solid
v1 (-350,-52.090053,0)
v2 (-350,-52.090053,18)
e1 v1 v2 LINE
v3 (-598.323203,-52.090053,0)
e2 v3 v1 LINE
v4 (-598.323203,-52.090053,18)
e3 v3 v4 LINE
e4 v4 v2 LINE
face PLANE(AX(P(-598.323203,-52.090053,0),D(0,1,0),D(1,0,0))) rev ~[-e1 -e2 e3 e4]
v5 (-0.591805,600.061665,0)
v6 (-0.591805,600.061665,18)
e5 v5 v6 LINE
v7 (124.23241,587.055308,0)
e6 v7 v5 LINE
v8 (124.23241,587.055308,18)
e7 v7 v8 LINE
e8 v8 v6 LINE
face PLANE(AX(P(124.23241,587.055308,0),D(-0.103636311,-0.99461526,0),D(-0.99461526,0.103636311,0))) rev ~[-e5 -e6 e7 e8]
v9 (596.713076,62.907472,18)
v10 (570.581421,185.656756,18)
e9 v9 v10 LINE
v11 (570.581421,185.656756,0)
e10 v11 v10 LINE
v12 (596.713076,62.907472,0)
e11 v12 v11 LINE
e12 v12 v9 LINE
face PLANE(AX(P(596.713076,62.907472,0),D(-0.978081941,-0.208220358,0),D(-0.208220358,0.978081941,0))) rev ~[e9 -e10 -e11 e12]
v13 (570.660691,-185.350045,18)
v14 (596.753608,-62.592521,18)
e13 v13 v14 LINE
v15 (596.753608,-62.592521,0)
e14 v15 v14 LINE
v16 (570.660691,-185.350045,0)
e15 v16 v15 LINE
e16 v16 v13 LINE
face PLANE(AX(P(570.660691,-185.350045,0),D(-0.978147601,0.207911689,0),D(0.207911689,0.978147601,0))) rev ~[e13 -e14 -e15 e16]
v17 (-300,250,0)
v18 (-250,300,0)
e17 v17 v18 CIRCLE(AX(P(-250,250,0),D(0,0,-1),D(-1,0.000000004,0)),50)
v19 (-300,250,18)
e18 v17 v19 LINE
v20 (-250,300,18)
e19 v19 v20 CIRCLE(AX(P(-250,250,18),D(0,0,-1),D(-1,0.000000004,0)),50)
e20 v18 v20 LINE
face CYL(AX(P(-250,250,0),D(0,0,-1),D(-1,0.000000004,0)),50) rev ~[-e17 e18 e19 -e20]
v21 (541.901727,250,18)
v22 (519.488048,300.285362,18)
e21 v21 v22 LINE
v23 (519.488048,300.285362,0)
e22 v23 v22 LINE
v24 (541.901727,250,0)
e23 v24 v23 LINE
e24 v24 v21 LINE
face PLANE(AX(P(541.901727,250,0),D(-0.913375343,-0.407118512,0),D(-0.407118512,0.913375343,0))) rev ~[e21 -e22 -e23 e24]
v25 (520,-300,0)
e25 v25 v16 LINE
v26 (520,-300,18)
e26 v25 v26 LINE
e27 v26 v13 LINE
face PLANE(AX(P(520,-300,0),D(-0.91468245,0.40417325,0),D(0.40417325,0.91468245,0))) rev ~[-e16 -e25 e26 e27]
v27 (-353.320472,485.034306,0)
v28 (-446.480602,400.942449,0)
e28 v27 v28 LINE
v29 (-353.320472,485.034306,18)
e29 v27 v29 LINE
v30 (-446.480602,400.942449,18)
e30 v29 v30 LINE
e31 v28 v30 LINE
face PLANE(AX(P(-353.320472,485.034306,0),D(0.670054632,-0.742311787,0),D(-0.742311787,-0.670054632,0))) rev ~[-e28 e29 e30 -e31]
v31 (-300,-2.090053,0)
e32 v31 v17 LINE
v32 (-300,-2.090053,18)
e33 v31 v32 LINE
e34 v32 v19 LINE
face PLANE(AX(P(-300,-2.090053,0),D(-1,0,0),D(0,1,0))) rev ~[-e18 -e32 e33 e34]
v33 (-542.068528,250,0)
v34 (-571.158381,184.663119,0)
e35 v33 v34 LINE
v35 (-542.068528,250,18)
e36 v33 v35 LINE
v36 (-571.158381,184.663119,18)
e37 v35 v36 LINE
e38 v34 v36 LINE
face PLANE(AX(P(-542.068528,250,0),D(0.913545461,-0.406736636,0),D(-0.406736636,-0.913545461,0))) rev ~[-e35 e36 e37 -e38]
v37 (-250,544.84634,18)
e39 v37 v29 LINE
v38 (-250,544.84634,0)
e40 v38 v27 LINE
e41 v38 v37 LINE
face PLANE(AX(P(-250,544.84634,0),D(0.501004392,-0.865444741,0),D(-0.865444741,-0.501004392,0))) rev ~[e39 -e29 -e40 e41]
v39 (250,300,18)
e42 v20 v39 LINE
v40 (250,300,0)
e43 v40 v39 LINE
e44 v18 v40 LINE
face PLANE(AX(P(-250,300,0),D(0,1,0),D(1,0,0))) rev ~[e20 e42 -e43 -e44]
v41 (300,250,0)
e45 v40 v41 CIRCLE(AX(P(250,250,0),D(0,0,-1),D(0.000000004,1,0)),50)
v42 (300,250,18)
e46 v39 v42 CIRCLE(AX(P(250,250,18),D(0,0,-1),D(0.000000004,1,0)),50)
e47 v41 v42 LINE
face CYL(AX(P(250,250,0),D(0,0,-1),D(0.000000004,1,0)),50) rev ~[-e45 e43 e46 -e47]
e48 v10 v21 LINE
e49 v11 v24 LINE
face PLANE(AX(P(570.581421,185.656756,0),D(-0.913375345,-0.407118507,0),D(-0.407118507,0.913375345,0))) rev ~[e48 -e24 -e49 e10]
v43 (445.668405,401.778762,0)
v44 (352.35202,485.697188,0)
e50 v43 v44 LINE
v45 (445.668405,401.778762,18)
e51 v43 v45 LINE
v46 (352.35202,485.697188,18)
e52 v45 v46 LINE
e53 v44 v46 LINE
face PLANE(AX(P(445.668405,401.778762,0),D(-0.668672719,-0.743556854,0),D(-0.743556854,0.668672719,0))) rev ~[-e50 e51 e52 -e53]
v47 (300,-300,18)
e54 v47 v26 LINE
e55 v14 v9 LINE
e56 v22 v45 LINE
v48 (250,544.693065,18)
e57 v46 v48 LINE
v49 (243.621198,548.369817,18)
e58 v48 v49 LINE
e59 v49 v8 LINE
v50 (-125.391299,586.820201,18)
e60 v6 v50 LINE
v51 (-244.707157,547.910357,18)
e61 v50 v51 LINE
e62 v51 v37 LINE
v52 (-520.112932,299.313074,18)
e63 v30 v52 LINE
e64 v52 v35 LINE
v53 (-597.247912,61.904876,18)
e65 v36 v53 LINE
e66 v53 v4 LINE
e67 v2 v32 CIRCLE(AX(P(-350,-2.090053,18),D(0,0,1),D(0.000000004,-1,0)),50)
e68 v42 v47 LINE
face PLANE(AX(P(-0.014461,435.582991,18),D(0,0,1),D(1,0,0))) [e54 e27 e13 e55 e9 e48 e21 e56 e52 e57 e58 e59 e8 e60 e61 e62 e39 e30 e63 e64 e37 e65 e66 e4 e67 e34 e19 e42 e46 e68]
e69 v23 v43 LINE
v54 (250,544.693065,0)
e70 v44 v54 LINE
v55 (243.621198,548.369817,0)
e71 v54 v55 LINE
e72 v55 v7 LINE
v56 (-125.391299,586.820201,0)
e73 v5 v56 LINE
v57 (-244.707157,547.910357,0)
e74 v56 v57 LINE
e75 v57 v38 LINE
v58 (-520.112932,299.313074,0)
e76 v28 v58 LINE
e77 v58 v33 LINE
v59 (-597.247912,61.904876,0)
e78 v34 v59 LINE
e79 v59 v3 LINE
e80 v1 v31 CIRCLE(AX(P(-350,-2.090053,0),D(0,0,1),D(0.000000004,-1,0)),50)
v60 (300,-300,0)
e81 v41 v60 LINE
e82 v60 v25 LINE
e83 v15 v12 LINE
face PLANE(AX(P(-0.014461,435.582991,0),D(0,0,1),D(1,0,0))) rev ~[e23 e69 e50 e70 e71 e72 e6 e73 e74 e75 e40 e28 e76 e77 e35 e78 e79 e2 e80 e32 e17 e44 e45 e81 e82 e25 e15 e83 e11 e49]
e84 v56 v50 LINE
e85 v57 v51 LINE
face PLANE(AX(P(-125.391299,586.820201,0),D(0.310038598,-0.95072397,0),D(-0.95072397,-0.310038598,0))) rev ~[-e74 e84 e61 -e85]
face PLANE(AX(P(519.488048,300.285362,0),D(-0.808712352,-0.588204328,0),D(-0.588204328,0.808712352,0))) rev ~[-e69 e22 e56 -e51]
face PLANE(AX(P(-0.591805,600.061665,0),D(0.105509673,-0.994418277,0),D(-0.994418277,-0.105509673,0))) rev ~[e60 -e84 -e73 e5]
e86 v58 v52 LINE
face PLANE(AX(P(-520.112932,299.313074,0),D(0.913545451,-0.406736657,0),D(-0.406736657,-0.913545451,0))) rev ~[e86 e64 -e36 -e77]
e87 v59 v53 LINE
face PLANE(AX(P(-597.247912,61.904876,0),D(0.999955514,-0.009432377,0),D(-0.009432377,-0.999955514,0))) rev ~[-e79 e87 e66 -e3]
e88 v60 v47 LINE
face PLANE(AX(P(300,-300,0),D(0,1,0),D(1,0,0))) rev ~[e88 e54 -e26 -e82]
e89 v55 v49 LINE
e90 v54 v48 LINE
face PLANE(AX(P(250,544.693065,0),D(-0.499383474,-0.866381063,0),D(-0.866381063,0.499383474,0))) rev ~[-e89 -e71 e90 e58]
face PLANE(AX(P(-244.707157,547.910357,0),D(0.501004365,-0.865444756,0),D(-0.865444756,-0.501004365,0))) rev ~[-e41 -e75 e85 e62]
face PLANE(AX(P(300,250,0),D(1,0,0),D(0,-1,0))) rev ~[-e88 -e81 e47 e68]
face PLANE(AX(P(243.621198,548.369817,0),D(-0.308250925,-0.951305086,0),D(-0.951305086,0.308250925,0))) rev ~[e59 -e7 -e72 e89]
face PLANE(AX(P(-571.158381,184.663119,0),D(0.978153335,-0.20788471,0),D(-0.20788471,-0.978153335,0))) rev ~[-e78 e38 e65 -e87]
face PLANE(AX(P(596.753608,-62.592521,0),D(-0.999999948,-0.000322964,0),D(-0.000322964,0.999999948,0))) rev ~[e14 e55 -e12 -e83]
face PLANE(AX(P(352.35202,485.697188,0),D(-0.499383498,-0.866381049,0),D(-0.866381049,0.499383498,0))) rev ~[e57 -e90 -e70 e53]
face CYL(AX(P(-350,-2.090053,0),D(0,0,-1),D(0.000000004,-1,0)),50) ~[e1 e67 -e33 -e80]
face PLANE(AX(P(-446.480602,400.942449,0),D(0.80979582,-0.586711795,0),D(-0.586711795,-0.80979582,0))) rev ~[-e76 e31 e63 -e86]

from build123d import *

# Parameters (mm, degrees)
F1_DEPTH = 18


with BuildPart() as f1:
    # F0 (on Top) → F1 (new body)
    with BuildSketch(Plane.XY):
        Polygon((-250, 544.84634), (-250, 300), (250, 300), (250, 544.693065), (243.621198, 548.369817), (124.23241, 587.055308), (-0.591805, 600.061665), (-125.391299, 586.820201), (-244.707157, 547.910357), align=None)
        with BuildLine():
            ThreePointArc((-300, 250), (-285.355339, 285.355339), (-250, 300))
            Line((-250, 300), (-250, 544.84634))
            Line((-250, 544.84634), (-353.320472, 485.034306))
            Line((-353.320472, 485.034306), (-446.480602, 400.942449))
            Line((-446.480602, 400.942449), (-520.112932, 299.313074))
            Line((-520.112932, 299.313074), (-542.068528, 250))
            Line((-542.068528, 250), (-300, 250))
        make_face()
        with BuildLine():
            Line((250, 544.693065), (250, 300))
            ThreePointArc((250, 300), (285.355339, 285.355339), (300, 250))
            Line((300, 250), (541.901727, 250))
            Line((541.901727, 250), (519.488048, 300.285362))
            Line((519.488048, 300.285362), (445.668405, 401.778762))
            Line((445.668405, 401.778762), (352.35202, 485.697188))
            Line((352.35202, 485.697188), (250, 544.693065))
        make_face()
        with BuildLine():
            Line((-300, -2.090053), (-300, 250))
            Line((-300, 250), (-542.068528, 250))
            Line((-542.068528, 250), (-571.158381, 184.663119))
            Line((-571.158381, 184.663119), (-597.247912, 61.904876))
            Line((-597.247912, 61.904876), (-598.323203, -52.090053))
            Line((-598.323203, -52.090053), (-350, -52.090053))
            ThreePointArc((-350, -52.090053), (-314.644661, -37.445392), (-300, -2.090053))
        make_face()
        Polygon((541.901727, 250), (300, 250), (300, -300), (520, -300), (570.660691, -185.350045), (596.753608, -62.592521), (596.713076, 62.907472), (570.581421, 185.656756), align=None)
    extrude(amount=F1_DEPTH)


solid = f1.part
